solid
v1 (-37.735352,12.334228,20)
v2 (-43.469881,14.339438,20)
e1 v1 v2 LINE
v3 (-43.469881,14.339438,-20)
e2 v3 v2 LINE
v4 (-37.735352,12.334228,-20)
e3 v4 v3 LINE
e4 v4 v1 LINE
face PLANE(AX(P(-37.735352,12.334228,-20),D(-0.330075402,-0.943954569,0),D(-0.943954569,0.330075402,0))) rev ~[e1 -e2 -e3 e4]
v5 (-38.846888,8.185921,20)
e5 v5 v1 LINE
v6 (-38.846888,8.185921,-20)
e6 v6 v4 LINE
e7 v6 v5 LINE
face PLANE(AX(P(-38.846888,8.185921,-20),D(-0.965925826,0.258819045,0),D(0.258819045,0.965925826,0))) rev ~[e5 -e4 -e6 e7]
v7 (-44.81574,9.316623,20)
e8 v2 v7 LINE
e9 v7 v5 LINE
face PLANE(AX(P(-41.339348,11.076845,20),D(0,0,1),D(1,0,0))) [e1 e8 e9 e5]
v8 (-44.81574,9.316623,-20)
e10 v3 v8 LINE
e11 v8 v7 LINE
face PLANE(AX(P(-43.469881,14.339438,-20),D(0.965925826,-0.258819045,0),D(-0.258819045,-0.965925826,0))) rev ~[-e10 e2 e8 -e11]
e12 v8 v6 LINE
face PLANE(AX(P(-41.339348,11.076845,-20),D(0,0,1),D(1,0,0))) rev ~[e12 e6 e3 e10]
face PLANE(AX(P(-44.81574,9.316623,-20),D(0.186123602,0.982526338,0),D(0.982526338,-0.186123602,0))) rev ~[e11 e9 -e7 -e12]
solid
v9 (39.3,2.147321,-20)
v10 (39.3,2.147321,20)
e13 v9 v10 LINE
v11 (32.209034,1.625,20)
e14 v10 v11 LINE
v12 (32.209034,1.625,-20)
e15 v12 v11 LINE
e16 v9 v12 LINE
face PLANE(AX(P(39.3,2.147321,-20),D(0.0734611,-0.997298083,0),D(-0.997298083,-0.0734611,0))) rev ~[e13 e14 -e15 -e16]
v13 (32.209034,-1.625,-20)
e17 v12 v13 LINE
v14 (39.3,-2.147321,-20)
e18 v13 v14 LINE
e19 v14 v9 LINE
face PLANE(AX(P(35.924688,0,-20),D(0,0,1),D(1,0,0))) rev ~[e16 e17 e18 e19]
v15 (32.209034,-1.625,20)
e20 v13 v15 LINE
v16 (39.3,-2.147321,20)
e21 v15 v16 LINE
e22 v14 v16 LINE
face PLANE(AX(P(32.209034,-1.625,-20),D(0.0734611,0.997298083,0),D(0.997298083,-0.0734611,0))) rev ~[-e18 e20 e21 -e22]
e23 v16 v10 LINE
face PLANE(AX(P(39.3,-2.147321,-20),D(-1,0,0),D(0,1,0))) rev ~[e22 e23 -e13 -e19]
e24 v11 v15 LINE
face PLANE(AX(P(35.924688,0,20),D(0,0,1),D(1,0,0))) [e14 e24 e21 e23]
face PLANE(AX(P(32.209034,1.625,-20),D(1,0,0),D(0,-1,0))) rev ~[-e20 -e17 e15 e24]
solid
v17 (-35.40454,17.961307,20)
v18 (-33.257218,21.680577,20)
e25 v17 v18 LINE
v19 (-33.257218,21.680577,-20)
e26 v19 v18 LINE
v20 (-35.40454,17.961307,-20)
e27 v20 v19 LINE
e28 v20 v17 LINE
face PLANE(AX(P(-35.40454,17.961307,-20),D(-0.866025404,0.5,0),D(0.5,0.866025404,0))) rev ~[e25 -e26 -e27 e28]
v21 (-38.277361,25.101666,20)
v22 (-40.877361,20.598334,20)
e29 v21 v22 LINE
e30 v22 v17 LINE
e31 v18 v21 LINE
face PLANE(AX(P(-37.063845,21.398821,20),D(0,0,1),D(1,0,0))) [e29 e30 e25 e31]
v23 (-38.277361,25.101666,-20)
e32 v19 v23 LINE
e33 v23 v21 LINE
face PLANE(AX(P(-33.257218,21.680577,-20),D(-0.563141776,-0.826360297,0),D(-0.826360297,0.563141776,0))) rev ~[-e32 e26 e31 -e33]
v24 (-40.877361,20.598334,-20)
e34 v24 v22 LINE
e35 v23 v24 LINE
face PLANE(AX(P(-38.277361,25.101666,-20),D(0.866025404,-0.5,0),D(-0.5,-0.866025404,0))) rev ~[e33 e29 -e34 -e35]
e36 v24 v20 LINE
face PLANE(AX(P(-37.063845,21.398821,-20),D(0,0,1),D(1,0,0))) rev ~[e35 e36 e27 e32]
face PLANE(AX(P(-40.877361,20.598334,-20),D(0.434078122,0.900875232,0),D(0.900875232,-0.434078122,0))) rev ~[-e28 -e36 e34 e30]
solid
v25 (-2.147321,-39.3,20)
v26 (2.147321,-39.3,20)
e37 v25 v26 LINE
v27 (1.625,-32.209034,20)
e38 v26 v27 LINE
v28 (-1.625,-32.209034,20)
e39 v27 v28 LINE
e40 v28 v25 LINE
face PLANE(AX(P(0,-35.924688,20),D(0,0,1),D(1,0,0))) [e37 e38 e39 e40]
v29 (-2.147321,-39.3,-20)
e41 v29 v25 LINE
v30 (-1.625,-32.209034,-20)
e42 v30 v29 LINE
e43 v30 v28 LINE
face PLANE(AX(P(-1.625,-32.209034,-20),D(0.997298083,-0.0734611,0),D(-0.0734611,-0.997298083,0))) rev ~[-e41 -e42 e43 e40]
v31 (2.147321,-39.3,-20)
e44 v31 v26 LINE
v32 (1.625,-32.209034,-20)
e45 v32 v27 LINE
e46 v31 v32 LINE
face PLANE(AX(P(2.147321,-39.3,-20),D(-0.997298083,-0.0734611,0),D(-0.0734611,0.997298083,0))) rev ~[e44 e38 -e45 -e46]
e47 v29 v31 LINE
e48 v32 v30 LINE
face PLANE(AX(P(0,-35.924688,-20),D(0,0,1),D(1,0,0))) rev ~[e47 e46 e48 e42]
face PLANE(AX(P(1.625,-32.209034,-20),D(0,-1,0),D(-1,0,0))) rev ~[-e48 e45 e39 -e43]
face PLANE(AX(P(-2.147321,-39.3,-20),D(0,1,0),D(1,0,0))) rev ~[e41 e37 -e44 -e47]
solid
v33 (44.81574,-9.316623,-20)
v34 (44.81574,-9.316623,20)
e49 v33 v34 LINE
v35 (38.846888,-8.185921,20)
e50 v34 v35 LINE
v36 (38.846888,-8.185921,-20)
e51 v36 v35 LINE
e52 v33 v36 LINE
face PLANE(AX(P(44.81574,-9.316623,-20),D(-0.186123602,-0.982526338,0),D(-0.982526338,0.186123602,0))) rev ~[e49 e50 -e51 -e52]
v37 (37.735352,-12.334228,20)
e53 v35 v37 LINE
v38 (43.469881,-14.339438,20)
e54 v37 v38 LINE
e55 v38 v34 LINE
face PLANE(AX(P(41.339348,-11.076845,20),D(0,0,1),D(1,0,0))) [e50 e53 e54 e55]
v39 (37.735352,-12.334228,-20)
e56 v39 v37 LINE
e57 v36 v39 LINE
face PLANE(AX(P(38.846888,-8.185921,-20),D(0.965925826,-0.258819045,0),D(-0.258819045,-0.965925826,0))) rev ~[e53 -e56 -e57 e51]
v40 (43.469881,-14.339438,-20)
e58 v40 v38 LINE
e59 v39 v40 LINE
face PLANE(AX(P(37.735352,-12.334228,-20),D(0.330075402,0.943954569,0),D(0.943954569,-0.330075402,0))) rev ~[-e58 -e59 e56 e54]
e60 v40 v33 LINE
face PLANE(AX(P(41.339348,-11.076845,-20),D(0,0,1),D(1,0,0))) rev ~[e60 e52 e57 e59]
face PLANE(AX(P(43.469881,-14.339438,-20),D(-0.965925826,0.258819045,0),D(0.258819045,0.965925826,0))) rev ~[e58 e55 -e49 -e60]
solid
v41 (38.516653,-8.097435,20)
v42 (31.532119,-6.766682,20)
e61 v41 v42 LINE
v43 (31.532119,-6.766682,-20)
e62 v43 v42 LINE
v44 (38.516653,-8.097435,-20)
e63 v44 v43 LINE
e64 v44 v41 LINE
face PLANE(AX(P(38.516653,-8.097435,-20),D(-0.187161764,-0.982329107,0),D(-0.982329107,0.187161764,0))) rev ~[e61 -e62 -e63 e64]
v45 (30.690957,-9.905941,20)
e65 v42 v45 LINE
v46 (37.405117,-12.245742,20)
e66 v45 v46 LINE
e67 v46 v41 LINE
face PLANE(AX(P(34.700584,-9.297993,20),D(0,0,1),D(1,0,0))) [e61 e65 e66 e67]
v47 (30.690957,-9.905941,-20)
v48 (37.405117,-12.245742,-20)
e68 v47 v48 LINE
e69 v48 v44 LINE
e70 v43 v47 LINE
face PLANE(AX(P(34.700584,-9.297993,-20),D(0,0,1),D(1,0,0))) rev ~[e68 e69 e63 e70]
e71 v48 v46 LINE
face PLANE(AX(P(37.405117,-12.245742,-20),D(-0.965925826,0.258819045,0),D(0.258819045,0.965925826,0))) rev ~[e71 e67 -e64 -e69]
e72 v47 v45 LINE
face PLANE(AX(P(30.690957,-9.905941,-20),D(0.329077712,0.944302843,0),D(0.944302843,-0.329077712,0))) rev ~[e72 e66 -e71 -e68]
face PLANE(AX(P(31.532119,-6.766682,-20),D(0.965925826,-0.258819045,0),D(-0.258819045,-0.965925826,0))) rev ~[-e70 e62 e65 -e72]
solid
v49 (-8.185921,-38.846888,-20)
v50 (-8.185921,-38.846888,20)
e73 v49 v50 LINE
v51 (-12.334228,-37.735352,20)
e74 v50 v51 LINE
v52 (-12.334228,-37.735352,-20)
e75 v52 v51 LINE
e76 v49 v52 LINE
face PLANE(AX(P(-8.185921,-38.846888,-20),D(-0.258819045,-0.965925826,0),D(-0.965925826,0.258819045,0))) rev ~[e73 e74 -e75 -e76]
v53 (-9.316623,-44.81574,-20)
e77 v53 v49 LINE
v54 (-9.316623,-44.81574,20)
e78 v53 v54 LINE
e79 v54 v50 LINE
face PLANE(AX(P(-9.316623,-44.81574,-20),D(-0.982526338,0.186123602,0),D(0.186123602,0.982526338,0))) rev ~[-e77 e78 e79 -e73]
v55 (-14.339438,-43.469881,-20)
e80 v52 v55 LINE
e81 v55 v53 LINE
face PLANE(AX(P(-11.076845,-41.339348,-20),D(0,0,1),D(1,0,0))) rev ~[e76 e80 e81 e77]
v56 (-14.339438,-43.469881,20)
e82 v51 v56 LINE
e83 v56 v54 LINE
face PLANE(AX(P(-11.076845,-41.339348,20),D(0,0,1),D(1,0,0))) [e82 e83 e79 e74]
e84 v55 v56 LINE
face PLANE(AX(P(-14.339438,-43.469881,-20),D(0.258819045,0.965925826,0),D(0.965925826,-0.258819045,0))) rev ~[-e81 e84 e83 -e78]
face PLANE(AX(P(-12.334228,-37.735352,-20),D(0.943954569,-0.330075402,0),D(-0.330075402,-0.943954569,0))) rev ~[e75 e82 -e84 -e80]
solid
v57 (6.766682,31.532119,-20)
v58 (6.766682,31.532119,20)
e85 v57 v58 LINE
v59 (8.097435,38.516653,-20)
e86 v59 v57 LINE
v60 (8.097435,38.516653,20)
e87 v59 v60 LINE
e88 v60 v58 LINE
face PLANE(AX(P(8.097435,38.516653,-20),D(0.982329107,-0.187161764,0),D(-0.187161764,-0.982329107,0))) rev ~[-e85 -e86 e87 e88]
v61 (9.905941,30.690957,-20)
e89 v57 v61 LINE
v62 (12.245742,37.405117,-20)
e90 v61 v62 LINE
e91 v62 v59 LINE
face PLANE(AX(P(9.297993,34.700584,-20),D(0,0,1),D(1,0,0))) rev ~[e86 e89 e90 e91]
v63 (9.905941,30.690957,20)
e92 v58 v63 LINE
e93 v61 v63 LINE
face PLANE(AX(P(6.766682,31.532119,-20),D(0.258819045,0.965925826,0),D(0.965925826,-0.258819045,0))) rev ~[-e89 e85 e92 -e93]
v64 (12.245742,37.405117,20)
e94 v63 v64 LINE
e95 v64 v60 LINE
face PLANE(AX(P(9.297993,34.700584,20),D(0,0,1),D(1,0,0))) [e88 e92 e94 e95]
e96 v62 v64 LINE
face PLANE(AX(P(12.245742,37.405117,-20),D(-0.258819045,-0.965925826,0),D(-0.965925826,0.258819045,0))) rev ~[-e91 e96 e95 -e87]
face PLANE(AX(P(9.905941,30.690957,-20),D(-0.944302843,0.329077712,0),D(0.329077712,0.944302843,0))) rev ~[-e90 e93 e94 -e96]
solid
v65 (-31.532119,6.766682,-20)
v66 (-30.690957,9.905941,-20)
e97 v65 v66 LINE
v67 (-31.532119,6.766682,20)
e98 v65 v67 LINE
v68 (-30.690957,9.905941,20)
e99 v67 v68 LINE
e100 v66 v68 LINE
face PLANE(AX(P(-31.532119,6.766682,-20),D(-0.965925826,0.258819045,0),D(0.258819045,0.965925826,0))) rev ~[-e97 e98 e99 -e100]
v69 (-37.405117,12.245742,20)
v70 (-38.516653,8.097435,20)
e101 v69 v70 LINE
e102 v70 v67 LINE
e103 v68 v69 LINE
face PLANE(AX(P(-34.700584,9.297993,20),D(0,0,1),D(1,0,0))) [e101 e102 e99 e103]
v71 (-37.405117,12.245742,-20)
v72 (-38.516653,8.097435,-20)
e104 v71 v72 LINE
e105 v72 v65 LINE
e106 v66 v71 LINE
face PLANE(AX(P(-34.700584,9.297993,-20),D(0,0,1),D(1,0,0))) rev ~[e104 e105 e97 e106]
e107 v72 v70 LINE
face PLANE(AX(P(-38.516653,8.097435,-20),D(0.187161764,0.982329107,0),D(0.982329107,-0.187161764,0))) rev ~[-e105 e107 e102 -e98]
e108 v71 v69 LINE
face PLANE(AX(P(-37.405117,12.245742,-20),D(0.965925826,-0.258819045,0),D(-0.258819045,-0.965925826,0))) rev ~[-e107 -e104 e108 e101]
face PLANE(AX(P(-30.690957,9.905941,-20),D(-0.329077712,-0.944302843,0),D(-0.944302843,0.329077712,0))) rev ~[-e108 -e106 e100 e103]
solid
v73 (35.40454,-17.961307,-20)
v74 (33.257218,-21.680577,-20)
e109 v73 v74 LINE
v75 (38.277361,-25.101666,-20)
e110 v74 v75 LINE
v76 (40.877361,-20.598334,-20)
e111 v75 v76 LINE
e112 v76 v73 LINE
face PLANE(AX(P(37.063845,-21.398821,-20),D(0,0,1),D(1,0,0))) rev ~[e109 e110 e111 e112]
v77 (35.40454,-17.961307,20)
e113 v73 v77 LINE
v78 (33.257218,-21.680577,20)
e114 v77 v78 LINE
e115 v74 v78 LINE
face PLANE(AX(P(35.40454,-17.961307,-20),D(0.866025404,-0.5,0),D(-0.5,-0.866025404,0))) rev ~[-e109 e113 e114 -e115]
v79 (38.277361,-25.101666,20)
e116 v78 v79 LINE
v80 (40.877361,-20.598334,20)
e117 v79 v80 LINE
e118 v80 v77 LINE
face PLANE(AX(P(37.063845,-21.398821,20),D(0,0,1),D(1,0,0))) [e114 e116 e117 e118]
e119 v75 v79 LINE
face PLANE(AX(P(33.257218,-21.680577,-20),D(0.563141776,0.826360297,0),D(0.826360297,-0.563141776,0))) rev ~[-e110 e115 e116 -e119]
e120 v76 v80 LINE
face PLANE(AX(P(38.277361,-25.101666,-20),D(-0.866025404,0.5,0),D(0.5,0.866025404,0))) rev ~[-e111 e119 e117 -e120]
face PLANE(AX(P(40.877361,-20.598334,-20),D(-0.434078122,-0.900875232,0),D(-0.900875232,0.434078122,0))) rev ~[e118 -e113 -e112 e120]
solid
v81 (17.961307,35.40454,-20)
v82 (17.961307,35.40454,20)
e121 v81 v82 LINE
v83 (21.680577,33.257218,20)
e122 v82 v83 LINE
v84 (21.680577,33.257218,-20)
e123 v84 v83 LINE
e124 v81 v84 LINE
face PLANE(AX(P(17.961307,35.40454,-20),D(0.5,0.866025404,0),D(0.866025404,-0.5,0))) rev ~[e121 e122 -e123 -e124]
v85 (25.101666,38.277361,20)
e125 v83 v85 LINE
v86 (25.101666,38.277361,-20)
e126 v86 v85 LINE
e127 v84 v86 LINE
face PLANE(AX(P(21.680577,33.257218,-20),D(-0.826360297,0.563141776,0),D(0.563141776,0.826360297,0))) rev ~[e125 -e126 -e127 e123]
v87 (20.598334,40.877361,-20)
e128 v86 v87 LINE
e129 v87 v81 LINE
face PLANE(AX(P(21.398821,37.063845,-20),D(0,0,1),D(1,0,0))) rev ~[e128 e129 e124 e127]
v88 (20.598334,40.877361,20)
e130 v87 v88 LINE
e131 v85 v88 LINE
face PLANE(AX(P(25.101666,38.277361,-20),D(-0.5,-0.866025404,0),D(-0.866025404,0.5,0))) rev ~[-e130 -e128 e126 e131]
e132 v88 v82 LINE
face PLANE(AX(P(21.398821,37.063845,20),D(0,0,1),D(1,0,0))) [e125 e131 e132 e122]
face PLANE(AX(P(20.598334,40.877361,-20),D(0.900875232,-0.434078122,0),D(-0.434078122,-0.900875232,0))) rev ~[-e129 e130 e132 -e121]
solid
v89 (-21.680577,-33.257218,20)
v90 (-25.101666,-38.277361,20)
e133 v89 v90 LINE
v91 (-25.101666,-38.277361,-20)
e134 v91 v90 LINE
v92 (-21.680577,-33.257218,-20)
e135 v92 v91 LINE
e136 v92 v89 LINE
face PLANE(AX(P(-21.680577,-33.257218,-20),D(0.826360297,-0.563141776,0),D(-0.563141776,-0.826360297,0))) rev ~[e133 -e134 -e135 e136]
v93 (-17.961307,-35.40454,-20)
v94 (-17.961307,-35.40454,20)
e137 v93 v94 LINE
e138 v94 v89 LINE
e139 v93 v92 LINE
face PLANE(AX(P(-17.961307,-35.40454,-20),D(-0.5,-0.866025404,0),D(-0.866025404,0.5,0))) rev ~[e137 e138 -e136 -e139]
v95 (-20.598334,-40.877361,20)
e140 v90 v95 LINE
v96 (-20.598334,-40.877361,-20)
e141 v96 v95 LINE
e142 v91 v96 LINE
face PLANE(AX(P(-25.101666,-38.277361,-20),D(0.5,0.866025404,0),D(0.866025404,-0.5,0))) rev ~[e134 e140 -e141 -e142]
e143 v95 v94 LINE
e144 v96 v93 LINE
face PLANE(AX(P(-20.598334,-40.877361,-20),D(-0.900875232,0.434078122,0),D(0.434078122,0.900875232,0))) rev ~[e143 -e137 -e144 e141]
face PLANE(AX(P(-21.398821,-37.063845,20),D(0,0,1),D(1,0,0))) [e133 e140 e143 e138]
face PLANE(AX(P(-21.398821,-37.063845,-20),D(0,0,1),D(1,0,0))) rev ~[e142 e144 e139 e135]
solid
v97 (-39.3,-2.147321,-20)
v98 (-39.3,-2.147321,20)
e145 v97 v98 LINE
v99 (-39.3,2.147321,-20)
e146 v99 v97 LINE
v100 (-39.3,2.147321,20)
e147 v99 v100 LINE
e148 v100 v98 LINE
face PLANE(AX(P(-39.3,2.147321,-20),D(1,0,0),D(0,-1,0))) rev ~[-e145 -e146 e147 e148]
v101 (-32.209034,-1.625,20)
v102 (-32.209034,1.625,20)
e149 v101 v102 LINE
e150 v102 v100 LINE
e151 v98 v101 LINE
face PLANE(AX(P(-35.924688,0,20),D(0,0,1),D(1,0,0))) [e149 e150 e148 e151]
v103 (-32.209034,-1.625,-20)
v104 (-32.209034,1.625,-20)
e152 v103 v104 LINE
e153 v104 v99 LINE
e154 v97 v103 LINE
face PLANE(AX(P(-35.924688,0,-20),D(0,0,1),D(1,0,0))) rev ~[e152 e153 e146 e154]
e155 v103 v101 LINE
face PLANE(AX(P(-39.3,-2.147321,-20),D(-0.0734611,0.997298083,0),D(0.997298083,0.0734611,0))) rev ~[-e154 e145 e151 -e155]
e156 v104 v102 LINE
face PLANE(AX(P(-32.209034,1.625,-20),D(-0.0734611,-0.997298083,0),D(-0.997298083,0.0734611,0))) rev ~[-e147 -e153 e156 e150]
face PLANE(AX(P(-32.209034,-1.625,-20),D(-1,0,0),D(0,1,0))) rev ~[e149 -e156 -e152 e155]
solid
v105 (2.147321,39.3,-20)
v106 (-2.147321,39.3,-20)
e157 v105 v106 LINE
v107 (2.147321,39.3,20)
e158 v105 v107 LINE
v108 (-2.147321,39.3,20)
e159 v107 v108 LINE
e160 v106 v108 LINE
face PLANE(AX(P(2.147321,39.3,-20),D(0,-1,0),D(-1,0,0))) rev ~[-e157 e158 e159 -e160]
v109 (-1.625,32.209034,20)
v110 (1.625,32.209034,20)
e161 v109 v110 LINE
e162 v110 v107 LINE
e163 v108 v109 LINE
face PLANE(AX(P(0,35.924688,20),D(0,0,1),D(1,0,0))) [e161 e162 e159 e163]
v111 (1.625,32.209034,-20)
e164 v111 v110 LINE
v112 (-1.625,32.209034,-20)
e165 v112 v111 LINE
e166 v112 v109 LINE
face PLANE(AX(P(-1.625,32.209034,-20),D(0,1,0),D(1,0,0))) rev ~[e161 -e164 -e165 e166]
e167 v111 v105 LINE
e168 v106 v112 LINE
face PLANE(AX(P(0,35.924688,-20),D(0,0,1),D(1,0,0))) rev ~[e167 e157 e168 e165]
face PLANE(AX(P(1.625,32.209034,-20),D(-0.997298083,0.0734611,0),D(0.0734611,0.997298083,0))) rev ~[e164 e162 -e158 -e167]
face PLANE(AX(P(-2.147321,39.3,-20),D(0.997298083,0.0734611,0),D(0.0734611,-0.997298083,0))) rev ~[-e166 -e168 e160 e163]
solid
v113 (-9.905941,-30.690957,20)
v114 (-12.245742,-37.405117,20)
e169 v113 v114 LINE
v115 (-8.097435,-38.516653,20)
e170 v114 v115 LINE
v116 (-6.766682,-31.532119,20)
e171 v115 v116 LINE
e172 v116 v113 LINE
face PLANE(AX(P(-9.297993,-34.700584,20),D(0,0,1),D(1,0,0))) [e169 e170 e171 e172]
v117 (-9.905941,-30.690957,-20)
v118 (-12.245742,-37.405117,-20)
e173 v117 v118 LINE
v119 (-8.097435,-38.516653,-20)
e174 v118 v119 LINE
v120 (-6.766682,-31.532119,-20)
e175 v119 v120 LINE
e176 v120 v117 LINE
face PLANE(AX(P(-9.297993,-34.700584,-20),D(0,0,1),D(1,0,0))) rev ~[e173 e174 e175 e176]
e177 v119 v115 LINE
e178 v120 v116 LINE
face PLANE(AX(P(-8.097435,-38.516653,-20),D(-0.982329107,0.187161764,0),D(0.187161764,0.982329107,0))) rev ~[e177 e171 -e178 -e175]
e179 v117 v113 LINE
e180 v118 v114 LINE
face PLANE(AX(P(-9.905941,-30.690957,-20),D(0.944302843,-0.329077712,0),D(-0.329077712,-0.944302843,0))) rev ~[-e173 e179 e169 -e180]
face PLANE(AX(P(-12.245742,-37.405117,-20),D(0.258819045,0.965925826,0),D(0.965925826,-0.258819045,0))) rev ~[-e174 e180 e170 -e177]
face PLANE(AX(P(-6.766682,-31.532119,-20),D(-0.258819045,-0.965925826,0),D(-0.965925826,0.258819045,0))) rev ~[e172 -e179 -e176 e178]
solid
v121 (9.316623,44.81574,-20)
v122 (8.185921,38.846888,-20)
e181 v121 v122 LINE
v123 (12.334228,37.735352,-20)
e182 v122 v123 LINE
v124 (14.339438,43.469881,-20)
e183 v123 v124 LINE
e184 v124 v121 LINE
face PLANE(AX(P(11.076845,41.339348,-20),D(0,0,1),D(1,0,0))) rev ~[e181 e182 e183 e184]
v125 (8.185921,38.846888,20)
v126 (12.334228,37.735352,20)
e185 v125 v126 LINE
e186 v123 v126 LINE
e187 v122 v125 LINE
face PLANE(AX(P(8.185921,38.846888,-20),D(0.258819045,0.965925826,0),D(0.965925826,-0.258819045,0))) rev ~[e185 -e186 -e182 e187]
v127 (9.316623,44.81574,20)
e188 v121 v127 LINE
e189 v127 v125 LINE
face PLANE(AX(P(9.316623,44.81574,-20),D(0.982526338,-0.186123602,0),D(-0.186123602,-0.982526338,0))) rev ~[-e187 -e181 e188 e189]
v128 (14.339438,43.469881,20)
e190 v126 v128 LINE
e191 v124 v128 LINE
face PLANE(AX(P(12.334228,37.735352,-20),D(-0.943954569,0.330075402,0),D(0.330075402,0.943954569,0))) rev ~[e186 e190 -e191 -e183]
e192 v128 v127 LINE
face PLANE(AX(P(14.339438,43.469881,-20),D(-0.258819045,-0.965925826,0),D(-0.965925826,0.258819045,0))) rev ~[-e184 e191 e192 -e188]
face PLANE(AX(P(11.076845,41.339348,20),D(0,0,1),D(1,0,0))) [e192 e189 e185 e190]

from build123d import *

# Parameters (mm, degrees)
COIL_SIDES_START    = -20
COIL_SIDES_DEPTH    = 40
COIL_SIDES_2_DEPTH  = 40
COIL_SIDES_3_DEPTH  = 40
COIL_SIDES_4_DEPTH  = 40
COIL_SIDES_5_DEPTH  = 40
COIL_SIDES_6_DEPTH  = 40
COIL_SIDES_7_DEPTH  = 40
COIL_SIDES_8_DEPTH  = 40
COIL_SIDES_9_DEPTH  = 40
COIL_SIDES_10_DEPTH = 40
COIL_SIDES_11_DEPTH = 40
COIL_SIDES_12_DEPTH = 40
COIL_SIDES_13_DEPTH = 40
COIL_SIDES_14_DEPTH = 40
COIL_SIDES_15_DEPTH = 40
COIL_SIDES_16_DEPTH = 40


with BuildPart() as part:
    # Эскиз1 → Coil_sides (new body)
    with BuildSketch(Plane.XY.offset(COIL_SIDES_START)):
        Polygon((32.209034059, -1.625), (39.3, -2.147321429), (39.3, 2.147321429), (32.209034059, 1.625), align=None)
    extrude(amount=COIL_SIDES_DEPTH)


with BuildPart() as body_2:
    # Эскиз1 → Coil_sides 2 (new body)
    with BuildSketch(Plane.XY.offset(COIL_SIDES_START)):
        Polygon((21.680577182, 33.25721836), (25.10166605, 38.277360953), (20.59833395, 40.877360953), (17.961307368, 35.404539789), align=None)
    extrude(amount=COIL_SIDES_2_DEPTH)


with BuildPart() as body_3:
    # Эскиз1 → Coil_sides 3 (new body)
    with BuildSketch(Plane.XY.offset(COIL_SIDES_START)):
        Polygon((9.905940906, 30.690956889), (12.245741698, 37.405117291), (8.097435247, 38.516652655), (6.766681971, 31.532118785), align=None)
    extrude(amount=COIL_SIDES_3_DEPTH)


with BuildPart() as body_4:
    # Эскиз1 → Coil_sides 4 (new body)
    with BuildSketch(Plane.XY.offset(COIL_SIDES_START)):
        Polygon((12.334227931, 37.735352408), (14.33943751, 43.469880744), (9.316623213, 44.815739779), (8.18592148, 38.846887771), align=None)
    extrude(amount=COIL_SIDES_4_DEPTH)


with BuildPart() as body_5:
    # Эскиз1 → Coil_sides 5 (new body)
    with BuildSketch(Plane.XY.offset(COIL_SIDES_START)):
        Polygon((1.625, 32.209034059), (2.147321429, 39.3), (-2.147321429, 39.3), (-1.625, 32.209034059), align=None)
    extrude(amount=COIL_SIDES_5_DEPTH)


with BuildPart() as body_6:
    # Эскиз1 → Coil_sides 6 (new body)
    with BuildSketch(Plane.XY.offset(COIL_SIDES_START)):
        Polygon((-33.25721836, 21.680577182), (-38.277360953, 25.10166605), (-40.877360953, 20.59833395), (-35.404539789, 17.961307368), align=None)
    extrude(amount=COIL_SIDES_6_DEPTH)


with BuildPart() as body_7:
    # Эскиз1 → Coil_sides 7 (new body)
    with BuildSketch(Plane.XY.offset(COIL_SIDES_START)):
        Polygon((-30.690956889, 9.905940906), (-37.405117291, 12.245741698), (-38.516652655, 8.097435247), (-31.532118785, 6.766681971), align=None)
    extrude(amount=COIL_SIDES_7_DEPTH)


with BuildPart() as body_8:
    # Эскиз1 → Coil_sides 8 (new body)
    with BuildSketch(Plane.XY.offset(COIL_SIDES_START)):
        Polygon((-37.735352408, 12.334227931), (-43.469880744, 14.33943751), (-44.815739779, 9.316623213), (-38.846887771, 8.18592148), align=None)
    extrude(amount=COIL_SIDES_8_DEPTH)


with BuildPart() as body_9:
    # Эскиз1 → Coil_sides 9 (new body)
    with BuildSketch(Plane.XY.offset(COIL_SIDES_START)):
        Polygon((-32.209034059, 1.625), (-39.3, 2.147321429), (-39.3, -2.147321429), (-32.209034059, -1.625), align=None)
    extrude(amount=COIL_SIDES_9_DEPTH)


with BuildPart() as body_10:
    # Эскиз1 → Coil_sides 10 (new body)
    with BuildSketch(Plane.XY.offset(COIL_SIDES_START)):
        Polygon((-21.680577182, -33.25721836), (-25.10166605, -38.277360953), (-20.59833395, -40.877360953), (-17.961307368, -35.404539789), align=None)
    extrude(amount=COIL_SIDES_10_DEPTH)


with BuildPart() as body_11:
    # Эскиз1 → Coil_sides 11 (new body)
    with BuildSketch(Plane.XY.offset(COIL_SIDES_START)):
        Polygon((-9.905940906, -30.690956889), (-12.245741698, -37.405117291), (-8.097435247, -38.516652655), (-6.766681971, -31.532118785), align=None)
    extrude(amount=COIL_SIDES_11_DEPTH)


with BuildPart() as body_12:
    # Эскиз1 → Coil_sides 12 (new body)
    with BuildSketch(Plane.XY.offset(COIL_SIDES_START)):
        Polygon((-12.334227931, -37.735352408), (-14.33943751, -43.469880744), (-9.316623213, -44.815739779), (-8.18592148, -38.846887771), align=None)
    extrude(amount=COIL_SIDES_12_DEPTH)


with BuildPart() as body_13:
    # Эскиз1 → Coil_sides 13 (new body)
    with BuildSketch(Plane.XY.offset(COIL_SIDES_START)):
        Polygon((-1.625, -32.209034059), (-2.147321429, -39.3), (2.147321429, -39.3), (1.625, -32.209034059), align=None)
    extrude(amount=COIL_SIDES_13_DEPTH)


with BuildPart() as body_14:
    # Эскиз1 → Coil_sides 14 (new body)
    with BuildSketch(Plane.XY.offset(COIL_SIDES_START)):
        Polygon((33.25721836, -21.680577182), (38.277360953, -25.10166605), (40.877360953, -20.59833395), (35.404539789, -17.961307368), align=None)
    extrude(amount=COIL_SIDES_14_DEPTH)


with BuildPart() as body_15:
    # Эскиз1 → Coil_sides 15 (new body)
    with BuildSketch(Plane.XY.offset(COIL_SIDES_START)):
        Polygon((30.690956889, -9.905940906), (37.405117291, -12.245741698), (38.516652655, -8.097435247), (31.532118785, -6.766681971), align=None)
    extrude(amount=COIL_SIDES_15_DEPTH)


with BuildPart() as body_16:
    # Эскиз1 → Coil_sides 16 (new body)
    with BuildSketch(Plane.XY.offset(COIL_SIDES_START)):
        Polygon((37.735352408, -12.334227931), (43.469880744, -14.33943751), (44.815739779, -9.316623213), (38.846887771, -8.18592148), align=None)
    extrude(amount=COIL_SIDES_16_DEPTH)


solid = Compound([part.part, body_2.part, body_3.part, body_4.part, body_5.part, body_6.part, body_7.part, body_8.part, body_9.part, body_10.part, body_11.part, body_12.part, body_13.part, body_14.part, body_15.part, body_16.part])
